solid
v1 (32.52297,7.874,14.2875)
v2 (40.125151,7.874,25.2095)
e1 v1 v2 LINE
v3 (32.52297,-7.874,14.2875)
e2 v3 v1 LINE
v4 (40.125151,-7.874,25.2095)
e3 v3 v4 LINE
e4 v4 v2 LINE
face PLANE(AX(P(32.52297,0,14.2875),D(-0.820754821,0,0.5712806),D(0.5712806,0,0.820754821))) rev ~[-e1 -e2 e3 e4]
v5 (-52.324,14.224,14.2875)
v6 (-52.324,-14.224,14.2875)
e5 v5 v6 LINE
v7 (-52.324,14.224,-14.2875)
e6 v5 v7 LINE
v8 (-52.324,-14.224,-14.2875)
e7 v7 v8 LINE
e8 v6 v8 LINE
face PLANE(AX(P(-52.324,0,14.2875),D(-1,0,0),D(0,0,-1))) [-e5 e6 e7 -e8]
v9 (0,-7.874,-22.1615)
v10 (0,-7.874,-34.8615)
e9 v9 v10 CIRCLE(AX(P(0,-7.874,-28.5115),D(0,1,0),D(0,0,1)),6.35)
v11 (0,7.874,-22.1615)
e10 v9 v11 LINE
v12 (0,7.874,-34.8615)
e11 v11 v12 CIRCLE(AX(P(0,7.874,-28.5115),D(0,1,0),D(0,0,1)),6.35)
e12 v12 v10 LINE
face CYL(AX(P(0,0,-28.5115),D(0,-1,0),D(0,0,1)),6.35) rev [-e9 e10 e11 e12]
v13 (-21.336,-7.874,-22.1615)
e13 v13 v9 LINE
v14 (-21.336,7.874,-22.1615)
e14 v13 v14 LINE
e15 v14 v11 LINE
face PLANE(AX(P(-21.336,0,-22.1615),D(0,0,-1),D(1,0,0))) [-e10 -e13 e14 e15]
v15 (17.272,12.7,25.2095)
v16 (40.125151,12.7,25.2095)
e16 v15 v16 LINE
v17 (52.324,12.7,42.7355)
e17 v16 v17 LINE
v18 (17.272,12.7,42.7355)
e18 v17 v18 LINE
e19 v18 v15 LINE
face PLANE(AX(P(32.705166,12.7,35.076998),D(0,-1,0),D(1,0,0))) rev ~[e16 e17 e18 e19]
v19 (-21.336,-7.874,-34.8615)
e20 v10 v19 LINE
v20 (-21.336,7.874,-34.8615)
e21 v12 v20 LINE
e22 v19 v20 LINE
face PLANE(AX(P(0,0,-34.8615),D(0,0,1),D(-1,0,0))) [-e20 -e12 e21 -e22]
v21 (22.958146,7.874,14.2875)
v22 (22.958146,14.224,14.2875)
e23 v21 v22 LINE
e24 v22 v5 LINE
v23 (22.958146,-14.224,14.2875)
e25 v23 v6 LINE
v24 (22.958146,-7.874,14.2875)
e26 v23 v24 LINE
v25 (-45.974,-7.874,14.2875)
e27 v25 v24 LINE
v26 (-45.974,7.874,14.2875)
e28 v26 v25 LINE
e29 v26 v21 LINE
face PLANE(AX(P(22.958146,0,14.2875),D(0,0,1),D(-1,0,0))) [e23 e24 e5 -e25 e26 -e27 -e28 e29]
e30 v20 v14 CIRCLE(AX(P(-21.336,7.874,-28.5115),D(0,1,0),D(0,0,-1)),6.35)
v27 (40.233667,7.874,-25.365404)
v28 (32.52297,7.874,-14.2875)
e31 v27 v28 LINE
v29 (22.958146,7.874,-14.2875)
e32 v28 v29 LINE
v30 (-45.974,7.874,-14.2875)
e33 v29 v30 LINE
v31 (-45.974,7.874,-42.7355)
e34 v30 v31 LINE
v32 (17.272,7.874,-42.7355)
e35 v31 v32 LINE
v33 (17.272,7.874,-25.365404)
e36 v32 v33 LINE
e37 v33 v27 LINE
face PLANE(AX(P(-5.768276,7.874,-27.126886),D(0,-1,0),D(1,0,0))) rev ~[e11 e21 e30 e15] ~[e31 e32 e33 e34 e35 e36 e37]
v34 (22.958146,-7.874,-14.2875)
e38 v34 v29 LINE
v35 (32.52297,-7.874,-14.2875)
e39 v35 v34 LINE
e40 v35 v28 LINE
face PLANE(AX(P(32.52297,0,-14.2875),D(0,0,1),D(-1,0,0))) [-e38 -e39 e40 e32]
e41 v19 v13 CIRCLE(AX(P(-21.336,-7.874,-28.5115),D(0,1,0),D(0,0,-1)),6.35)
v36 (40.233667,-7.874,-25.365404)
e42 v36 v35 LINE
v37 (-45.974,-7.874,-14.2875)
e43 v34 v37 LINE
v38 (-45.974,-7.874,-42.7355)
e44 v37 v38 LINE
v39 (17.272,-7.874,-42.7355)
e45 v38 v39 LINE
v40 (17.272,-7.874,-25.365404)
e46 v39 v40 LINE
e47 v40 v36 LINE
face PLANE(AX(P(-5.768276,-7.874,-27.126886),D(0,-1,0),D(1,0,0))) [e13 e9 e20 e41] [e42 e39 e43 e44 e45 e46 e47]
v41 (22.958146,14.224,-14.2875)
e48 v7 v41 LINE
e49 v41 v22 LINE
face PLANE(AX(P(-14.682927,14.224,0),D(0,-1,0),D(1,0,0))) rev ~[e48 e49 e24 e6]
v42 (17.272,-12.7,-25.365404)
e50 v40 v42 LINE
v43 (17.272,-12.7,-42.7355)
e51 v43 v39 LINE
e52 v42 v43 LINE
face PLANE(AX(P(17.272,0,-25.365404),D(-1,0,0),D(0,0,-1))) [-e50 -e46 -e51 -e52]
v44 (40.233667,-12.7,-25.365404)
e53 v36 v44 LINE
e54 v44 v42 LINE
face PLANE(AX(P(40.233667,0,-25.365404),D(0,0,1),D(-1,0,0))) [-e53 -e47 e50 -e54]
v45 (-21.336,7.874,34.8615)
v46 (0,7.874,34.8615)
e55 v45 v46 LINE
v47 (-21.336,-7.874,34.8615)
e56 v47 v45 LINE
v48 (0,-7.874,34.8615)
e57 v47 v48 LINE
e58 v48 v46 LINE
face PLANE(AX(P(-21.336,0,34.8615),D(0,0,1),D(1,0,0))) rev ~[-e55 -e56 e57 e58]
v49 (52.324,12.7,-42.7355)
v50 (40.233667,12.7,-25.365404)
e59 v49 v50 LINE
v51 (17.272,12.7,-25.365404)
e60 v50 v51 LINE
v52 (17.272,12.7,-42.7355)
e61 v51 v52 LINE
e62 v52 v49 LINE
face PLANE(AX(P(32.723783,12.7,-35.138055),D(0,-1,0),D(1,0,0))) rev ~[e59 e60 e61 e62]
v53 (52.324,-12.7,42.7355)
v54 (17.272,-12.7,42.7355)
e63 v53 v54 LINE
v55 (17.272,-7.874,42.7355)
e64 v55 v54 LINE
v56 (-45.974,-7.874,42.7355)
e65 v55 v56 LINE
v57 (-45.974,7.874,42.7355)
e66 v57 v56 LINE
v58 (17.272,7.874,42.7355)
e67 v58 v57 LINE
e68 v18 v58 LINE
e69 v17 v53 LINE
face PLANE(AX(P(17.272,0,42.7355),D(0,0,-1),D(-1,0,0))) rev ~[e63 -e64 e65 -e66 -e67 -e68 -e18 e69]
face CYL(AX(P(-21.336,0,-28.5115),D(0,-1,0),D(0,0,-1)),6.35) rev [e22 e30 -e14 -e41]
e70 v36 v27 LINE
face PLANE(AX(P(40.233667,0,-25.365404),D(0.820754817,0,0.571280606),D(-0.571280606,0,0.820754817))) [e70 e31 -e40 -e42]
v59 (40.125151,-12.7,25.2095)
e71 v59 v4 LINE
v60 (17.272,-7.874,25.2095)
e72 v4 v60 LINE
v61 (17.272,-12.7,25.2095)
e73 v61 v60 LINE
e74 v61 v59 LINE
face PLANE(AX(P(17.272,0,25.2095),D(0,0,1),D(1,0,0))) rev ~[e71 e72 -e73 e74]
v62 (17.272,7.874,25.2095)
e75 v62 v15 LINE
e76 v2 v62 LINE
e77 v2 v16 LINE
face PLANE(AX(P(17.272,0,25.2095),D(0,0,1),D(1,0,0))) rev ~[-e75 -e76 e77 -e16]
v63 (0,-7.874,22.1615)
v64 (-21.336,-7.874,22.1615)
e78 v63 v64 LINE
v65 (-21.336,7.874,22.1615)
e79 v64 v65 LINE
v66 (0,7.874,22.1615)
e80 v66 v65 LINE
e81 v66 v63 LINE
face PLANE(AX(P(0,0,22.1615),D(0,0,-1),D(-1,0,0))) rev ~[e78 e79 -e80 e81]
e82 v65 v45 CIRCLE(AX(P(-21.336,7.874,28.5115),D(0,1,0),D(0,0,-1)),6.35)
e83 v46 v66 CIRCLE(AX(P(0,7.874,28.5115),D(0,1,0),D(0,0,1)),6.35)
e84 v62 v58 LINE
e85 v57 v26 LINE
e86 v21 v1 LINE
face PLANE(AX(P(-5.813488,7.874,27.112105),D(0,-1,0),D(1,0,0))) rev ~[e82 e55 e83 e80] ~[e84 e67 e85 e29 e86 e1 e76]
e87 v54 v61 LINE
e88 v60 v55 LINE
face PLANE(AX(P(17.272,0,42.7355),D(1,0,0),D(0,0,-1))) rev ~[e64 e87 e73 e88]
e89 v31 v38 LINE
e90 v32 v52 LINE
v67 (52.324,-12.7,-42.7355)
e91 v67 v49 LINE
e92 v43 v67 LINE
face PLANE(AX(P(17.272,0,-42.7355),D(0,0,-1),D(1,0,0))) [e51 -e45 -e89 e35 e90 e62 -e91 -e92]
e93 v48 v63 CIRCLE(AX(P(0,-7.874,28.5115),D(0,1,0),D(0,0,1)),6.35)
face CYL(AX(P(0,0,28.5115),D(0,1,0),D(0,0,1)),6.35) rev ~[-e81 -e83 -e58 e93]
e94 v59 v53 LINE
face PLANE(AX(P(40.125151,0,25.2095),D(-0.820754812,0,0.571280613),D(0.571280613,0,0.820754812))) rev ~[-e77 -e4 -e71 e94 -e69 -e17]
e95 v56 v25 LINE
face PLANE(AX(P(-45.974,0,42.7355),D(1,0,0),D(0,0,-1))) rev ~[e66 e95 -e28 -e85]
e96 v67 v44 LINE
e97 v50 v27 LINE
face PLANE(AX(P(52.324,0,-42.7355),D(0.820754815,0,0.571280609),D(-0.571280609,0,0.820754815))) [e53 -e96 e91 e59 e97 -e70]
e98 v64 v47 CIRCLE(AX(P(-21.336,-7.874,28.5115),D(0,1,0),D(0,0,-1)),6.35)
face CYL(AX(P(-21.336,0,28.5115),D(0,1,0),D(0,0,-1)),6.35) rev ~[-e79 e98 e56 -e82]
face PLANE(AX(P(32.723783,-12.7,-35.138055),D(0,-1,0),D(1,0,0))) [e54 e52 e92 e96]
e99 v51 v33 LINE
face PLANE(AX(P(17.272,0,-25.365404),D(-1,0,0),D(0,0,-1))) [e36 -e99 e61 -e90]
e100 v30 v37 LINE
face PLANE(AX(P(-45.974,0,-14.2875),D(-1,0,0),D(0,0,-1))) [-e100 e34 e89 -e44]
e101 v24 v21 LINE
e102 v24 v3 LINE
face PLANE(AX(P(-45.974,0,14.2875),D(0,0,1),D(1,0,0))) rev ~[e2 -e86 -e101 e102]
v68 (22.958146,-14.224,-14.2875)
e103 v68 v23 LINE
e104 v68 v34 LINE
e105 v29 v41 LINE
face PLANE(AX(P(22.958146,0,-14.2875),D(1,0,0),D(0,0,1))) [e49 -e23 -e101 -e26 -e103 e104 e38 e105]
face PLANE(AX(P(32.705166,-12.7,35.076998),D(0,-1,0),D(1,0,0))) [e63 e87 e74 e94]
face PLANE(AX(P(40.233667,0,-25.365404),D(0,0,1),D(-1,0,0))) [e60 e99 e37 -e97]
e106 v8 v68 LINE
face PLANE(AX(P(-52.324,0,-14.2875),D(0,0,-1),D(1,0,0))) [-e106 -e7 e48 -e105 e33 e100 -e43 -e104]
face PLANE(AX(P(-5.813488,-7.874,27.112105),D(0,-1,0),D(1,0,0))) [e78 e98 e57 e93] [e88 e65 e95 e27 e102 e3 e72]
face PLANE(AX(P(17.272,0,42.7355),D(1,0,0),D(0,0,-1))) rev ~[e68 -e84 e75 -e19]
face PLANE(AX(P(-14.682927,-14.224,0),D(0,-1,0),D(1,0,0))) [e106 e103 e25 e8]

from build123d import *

# Parameters (mm, degrees)
F1_DEPTH = 14.224
F2_DEPTH = 7.874
F3_DEPTH = 12.7


with BuildPart() as f1:
    # F0 (on Front) → F1 (new body, symmetric)
    with BuildSketch(Plane.XZ):
        Polygon((22.958146, 14.2875), (-45.974, 14.2875), (-52.324, 14.2875), (-52.324, -14.2875), (-45.974, -14.2875), (22.958146, -14.2875), align=None)
    extrude(amount=F1_DEPTH, both=True)

    # F0 (on Front) → F2 (join, symmetric)
    with BuildSketch(Plane.XZ):
        Polygon((17.272, 25.2095), (17.272, 42.7355), (-45.974, 42.7355), (-45.974, 14.2875), (22.958146, 14.2875), (32.52297, 14.2875), (40.125151, 25.2095), align=None)
        with BuildLine():
            Line((0, 22.1615), (-21.336, 22.1615))
            ThreePointArc((-21.336, 22.1615), (-27.686, 28.5115), (-21.336, 34.8615))
            Line((-21.336, 34.8615), (0, 34.8615))
            ThreePointArc((0, 34.8615), (6.35, 28.5115), (0, 22.1615))
        make_face(mode=Mode.SUBTRACT)
        Polygon((32.52297, -14.2875), (22.958146, -14.2875), (-45.974, -14.2875), (-45.974, -42.7355), (17.272, -42.7355), (17.272, -25.365404), (40.233667, -25.365404), align=None)
        with BuildLine():
            Line((0, -34.8615), (-21.336, -34.8615))
            ThreePointArc((-21.336, -34.8615), (-27.686, -28.5115), (-21.336, -22.1615))
            Line((-21.336, -22.1615), (0, -22.1615))
            ThreePointArc((0, -22.1615), (6.35, -28.5115), (0, -34.8615))
        make_face(mode=Mode.SUBTRACT)
    extrude(amount=F2_DEPTH, both=True)

    # F0 (on Front) → F3 (join, symmetric)
    with BuildSketch(Plane.XZ):
        Polygon((40.125151, 25.2095), (52.324, 42.7355), (17.272, 42.7355), (17.272, 25.2095), align=None)
        Polygon((52.324, -42.7355), (40.233667, -25.365404), (17.272, -25.365404), (17.272, -42.7355), align=None)
    extrude(amount=F3_DEPTH, both=True)


solid = f1.part
